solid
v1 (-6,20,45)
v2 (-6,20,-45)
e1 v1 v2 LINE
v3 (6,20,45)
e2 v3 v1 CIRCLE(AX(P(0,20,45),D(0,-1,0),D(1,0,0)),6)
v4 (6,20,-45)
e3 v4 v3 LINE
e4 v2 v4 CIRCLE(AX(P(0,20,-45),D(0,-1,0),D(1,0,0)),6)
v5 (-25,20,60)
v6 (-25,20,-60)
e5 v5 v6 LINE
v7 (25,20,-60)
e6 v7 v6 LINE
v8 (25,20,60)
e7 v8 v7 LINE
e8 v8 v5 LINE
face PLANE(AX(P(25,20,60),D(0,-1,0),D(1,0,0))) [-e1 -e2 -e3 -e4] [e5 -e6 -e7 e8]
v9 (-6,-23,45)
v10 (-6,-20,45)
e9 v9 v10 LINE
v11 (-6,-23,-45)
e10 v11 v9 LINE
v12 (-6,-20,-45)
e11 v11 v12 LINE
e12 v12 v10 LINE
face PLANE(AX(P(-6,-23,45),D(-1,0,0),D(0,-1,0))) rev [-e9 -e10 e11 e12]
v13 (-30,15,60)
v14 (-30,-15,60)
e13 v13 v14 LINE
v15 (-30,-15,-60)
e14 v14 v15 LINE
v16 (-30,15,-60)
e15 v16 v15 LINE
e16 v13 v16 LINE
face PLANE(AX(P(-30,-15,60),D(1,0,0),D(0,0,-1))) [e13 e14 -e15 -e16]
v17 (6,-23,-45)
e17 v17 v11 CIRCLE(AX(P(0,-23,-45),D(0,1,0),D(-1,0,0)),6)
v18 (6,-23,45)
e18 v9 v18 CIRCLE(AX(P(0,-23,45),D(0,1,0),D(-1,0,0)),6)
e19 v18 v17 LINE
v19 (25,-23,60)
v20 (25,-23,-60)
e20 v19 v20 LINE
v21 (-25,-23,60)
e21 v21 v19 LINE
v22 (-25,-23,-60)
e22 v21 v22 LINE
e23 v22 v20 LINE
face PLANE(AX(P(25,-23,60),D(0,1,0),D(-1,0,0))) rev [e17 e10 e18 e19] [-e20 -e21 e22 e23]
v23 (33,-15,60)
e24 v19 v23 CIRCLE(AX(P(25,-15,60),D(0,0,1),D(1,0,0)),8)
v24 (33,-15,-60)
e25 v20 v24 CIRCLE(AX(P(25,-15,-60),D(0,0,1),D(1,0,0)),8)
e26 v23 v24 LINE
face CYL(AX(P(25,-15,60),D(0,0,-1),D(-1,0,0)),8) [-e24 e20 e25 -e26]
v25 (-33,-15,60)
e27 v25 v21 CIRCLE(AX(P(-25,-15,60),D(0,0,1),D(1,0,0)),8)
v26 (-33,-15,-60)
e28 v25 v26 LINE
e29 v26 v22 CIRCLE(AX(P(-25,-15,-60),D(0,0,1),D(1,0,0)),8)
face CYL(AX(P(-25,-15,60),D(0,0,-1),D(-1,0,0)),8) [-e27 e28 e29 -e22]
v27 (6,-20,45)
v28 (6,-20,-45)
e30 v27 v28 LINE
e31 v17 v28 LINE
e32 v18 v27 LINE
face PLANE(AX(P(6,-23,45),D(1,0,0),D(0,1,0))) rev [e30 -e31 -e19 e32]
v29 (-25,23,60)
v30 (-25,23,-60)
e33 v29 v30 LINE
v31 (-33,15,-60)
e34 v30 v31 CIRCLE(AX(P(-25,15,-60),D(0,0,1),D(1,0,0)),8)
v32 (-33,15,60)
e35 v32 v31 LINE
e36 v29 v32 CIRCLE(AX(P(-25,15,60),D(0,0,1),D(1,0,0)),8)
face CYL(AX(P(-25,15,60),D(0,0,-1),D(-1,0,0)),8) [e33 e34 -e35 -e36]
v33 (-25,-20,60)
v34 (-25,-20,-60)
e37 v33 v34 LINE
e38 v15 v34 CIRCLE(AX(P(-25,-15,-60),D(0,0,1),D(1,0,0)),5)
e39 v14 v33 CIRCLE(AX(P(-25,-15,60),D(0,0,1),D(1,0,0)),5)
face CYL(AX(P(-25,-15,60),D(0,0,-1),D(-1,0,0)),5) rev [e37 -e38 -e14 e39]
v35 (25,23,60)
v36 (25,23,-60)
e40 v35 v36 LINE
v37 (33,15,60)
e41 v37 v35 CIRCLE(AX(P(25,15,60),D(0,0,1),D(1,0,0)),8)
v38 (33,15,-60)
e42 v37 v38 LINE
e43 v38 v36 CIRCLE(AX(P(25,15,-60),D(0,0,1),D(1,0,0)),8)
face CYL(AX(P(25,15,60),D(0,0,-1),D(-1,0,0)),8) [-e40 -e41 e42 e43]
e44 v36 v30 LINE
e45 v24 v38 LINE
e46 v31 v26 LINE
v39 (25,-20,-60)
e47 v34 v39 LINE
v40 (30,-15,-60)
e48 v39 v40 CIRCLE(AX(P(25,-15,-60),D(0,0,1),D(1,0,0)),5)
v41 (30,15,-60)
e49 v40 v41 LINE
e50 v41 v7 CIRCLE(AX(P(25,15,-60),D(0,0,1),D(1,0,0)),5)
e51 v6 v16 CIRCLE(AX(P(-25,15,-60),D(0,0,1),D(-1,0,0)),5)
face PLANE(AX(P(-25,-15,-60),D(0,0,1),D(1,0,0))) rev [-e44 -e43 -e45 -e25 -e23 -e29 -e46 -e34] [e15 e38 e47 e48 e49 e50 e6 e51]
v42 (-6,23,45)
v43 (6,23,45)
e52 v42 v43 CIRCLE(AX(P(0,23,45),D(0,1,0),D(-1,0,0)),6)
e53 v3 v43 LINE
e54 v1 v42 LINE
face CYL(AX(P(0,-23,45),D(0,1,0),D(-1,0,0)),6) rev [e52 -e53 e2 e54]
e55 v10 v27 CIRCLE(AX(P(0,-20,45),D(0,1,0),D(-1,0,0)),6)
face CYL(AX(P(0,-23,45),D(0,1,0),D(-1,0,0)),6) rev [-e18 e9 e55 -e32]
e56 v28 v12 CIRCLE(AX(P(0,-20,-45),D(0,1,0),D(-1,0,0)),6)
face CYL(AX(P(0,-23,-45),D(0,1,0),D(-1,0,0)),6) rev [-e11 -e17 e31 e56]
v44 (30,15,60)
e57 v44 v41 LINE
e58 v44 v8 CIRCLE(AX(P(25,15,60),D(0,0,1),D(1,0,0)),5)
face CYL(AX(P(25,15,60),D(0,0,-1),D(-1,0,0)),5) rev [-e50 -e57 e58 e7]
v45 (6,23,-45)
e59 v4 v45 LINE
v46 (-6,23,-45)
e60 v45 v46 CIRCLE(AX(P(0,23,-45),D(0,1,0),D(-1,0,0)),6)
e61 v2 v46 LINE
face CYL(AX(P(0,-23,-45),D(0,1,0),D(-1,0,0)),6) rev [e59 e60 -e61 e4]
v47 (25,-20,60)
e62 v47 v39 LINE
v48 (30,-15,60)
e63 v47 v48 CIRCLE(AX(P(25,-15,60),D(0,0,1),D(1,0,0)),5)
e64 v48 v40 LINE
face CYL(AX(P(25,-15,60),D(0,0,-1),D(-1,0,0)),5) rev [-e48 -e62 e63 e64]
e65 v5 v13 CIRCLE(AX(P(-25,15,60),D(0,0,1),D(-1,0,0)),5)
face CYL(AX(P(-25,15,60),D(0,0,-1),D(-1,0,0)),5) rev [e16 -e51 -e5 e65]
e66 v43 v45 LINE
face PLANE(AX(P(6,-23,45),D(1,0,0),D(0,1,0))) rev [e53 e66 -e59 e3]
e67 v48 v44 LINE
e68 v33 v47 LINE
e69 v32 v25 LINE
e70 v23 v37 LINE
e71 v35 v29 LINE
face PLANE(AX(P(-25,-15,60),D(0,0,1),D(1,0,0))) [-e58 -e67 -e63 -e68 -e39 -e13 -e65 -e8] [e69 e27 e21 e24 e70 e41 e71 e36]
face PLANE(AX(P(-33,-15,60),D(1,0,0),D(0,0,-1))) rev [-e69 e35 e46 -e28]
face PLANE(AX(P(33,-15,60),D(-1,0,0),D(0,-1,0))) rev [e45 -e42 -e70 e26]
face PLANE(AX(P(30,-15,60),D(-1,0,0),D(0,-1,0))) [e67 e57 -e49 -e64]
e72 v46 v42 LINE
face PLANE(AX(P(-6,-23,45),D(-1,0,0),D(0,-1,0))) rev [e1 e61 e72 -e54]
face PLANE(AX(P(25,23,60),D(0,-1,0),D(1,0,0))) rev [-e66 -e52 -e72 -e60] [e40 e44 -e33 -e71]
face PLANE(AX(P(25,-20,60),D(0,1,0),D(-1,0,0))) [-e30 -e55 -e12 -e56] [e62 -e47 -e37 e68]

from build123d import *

# Parameters (mm, degrees)
EXTRUDE_THIN1_DEPTH = 60
CUT_EXTRUDE1_DEPTH  = 47


with BuildPart() as part:
    # Sketch2 → Extrude-Thin1 (new body, symmetric)
    with BuildSketch(Plane.XY):
        with BuildLine():
            Line((-25, 23), (25, 23))
            ThreePointArc((25, 23), (30.656854249, 20.656854249), (33, 15))
            Line((33, 15), (33, -15))
            ThreePointArc((33, -15), (30.656854249, -20.656854249), (25, -23))
            Line((25, -23), (-25, -23))
            ThreePointArc((-25, -23), (-30.656854249, -20.656854249), (-33, -15))
            Line((-33, -15), (-33, 15))
            ThreePointArc((-33, 15), (-30.656854249, 20.656854249), (-25, 23))
        make_face()
        with BuildLine():
            Line((-25, 20), (25, 20))
            ThreePointArc((25, 20), (28.535533906, 18.535533906), (30, 15))
            Line((30, 15), (30, -15))
            ThreePointArc((30, -15), (28.535533906, -18.535533906), (25, -20))
            Line((25, -20), (-25, -20))
            ThreePointArc((-25, -20), (-28.535533906, -18.535533906), (-30, -15))
            Line((-30, -15), (-30, 15))
            ThreePointArc((-30, 15), (-28.535533906, 18.535533906), (-25, 20))
        make_face(mode=Mode.SUBTRACT)
    extrude(amount=EXTRUDE_THIN1_DEPTH, both=True)

    # Sketch3 → Cut-Extrude1 (cut, through all)
    with BuildSketch(Plane(origin=(0, 23, 0), x_dir=(1, 0, 0), z_dir=(0, 1, 0))):
        with BuildLine():
            Line((-6, -45), (-6, 45))
            ThreePointArc((-6, 45), (0, 51), (6, 45))
            Line((6, 45), (6, -45))
            ThreePointArc((6, -45), (0, -51), (-6, -45))
        make_face()
    extrude(amount=-CUT_EXTRUDE1_DEPTH, mode=Mode.SUBTRACT)


solid = part.part
